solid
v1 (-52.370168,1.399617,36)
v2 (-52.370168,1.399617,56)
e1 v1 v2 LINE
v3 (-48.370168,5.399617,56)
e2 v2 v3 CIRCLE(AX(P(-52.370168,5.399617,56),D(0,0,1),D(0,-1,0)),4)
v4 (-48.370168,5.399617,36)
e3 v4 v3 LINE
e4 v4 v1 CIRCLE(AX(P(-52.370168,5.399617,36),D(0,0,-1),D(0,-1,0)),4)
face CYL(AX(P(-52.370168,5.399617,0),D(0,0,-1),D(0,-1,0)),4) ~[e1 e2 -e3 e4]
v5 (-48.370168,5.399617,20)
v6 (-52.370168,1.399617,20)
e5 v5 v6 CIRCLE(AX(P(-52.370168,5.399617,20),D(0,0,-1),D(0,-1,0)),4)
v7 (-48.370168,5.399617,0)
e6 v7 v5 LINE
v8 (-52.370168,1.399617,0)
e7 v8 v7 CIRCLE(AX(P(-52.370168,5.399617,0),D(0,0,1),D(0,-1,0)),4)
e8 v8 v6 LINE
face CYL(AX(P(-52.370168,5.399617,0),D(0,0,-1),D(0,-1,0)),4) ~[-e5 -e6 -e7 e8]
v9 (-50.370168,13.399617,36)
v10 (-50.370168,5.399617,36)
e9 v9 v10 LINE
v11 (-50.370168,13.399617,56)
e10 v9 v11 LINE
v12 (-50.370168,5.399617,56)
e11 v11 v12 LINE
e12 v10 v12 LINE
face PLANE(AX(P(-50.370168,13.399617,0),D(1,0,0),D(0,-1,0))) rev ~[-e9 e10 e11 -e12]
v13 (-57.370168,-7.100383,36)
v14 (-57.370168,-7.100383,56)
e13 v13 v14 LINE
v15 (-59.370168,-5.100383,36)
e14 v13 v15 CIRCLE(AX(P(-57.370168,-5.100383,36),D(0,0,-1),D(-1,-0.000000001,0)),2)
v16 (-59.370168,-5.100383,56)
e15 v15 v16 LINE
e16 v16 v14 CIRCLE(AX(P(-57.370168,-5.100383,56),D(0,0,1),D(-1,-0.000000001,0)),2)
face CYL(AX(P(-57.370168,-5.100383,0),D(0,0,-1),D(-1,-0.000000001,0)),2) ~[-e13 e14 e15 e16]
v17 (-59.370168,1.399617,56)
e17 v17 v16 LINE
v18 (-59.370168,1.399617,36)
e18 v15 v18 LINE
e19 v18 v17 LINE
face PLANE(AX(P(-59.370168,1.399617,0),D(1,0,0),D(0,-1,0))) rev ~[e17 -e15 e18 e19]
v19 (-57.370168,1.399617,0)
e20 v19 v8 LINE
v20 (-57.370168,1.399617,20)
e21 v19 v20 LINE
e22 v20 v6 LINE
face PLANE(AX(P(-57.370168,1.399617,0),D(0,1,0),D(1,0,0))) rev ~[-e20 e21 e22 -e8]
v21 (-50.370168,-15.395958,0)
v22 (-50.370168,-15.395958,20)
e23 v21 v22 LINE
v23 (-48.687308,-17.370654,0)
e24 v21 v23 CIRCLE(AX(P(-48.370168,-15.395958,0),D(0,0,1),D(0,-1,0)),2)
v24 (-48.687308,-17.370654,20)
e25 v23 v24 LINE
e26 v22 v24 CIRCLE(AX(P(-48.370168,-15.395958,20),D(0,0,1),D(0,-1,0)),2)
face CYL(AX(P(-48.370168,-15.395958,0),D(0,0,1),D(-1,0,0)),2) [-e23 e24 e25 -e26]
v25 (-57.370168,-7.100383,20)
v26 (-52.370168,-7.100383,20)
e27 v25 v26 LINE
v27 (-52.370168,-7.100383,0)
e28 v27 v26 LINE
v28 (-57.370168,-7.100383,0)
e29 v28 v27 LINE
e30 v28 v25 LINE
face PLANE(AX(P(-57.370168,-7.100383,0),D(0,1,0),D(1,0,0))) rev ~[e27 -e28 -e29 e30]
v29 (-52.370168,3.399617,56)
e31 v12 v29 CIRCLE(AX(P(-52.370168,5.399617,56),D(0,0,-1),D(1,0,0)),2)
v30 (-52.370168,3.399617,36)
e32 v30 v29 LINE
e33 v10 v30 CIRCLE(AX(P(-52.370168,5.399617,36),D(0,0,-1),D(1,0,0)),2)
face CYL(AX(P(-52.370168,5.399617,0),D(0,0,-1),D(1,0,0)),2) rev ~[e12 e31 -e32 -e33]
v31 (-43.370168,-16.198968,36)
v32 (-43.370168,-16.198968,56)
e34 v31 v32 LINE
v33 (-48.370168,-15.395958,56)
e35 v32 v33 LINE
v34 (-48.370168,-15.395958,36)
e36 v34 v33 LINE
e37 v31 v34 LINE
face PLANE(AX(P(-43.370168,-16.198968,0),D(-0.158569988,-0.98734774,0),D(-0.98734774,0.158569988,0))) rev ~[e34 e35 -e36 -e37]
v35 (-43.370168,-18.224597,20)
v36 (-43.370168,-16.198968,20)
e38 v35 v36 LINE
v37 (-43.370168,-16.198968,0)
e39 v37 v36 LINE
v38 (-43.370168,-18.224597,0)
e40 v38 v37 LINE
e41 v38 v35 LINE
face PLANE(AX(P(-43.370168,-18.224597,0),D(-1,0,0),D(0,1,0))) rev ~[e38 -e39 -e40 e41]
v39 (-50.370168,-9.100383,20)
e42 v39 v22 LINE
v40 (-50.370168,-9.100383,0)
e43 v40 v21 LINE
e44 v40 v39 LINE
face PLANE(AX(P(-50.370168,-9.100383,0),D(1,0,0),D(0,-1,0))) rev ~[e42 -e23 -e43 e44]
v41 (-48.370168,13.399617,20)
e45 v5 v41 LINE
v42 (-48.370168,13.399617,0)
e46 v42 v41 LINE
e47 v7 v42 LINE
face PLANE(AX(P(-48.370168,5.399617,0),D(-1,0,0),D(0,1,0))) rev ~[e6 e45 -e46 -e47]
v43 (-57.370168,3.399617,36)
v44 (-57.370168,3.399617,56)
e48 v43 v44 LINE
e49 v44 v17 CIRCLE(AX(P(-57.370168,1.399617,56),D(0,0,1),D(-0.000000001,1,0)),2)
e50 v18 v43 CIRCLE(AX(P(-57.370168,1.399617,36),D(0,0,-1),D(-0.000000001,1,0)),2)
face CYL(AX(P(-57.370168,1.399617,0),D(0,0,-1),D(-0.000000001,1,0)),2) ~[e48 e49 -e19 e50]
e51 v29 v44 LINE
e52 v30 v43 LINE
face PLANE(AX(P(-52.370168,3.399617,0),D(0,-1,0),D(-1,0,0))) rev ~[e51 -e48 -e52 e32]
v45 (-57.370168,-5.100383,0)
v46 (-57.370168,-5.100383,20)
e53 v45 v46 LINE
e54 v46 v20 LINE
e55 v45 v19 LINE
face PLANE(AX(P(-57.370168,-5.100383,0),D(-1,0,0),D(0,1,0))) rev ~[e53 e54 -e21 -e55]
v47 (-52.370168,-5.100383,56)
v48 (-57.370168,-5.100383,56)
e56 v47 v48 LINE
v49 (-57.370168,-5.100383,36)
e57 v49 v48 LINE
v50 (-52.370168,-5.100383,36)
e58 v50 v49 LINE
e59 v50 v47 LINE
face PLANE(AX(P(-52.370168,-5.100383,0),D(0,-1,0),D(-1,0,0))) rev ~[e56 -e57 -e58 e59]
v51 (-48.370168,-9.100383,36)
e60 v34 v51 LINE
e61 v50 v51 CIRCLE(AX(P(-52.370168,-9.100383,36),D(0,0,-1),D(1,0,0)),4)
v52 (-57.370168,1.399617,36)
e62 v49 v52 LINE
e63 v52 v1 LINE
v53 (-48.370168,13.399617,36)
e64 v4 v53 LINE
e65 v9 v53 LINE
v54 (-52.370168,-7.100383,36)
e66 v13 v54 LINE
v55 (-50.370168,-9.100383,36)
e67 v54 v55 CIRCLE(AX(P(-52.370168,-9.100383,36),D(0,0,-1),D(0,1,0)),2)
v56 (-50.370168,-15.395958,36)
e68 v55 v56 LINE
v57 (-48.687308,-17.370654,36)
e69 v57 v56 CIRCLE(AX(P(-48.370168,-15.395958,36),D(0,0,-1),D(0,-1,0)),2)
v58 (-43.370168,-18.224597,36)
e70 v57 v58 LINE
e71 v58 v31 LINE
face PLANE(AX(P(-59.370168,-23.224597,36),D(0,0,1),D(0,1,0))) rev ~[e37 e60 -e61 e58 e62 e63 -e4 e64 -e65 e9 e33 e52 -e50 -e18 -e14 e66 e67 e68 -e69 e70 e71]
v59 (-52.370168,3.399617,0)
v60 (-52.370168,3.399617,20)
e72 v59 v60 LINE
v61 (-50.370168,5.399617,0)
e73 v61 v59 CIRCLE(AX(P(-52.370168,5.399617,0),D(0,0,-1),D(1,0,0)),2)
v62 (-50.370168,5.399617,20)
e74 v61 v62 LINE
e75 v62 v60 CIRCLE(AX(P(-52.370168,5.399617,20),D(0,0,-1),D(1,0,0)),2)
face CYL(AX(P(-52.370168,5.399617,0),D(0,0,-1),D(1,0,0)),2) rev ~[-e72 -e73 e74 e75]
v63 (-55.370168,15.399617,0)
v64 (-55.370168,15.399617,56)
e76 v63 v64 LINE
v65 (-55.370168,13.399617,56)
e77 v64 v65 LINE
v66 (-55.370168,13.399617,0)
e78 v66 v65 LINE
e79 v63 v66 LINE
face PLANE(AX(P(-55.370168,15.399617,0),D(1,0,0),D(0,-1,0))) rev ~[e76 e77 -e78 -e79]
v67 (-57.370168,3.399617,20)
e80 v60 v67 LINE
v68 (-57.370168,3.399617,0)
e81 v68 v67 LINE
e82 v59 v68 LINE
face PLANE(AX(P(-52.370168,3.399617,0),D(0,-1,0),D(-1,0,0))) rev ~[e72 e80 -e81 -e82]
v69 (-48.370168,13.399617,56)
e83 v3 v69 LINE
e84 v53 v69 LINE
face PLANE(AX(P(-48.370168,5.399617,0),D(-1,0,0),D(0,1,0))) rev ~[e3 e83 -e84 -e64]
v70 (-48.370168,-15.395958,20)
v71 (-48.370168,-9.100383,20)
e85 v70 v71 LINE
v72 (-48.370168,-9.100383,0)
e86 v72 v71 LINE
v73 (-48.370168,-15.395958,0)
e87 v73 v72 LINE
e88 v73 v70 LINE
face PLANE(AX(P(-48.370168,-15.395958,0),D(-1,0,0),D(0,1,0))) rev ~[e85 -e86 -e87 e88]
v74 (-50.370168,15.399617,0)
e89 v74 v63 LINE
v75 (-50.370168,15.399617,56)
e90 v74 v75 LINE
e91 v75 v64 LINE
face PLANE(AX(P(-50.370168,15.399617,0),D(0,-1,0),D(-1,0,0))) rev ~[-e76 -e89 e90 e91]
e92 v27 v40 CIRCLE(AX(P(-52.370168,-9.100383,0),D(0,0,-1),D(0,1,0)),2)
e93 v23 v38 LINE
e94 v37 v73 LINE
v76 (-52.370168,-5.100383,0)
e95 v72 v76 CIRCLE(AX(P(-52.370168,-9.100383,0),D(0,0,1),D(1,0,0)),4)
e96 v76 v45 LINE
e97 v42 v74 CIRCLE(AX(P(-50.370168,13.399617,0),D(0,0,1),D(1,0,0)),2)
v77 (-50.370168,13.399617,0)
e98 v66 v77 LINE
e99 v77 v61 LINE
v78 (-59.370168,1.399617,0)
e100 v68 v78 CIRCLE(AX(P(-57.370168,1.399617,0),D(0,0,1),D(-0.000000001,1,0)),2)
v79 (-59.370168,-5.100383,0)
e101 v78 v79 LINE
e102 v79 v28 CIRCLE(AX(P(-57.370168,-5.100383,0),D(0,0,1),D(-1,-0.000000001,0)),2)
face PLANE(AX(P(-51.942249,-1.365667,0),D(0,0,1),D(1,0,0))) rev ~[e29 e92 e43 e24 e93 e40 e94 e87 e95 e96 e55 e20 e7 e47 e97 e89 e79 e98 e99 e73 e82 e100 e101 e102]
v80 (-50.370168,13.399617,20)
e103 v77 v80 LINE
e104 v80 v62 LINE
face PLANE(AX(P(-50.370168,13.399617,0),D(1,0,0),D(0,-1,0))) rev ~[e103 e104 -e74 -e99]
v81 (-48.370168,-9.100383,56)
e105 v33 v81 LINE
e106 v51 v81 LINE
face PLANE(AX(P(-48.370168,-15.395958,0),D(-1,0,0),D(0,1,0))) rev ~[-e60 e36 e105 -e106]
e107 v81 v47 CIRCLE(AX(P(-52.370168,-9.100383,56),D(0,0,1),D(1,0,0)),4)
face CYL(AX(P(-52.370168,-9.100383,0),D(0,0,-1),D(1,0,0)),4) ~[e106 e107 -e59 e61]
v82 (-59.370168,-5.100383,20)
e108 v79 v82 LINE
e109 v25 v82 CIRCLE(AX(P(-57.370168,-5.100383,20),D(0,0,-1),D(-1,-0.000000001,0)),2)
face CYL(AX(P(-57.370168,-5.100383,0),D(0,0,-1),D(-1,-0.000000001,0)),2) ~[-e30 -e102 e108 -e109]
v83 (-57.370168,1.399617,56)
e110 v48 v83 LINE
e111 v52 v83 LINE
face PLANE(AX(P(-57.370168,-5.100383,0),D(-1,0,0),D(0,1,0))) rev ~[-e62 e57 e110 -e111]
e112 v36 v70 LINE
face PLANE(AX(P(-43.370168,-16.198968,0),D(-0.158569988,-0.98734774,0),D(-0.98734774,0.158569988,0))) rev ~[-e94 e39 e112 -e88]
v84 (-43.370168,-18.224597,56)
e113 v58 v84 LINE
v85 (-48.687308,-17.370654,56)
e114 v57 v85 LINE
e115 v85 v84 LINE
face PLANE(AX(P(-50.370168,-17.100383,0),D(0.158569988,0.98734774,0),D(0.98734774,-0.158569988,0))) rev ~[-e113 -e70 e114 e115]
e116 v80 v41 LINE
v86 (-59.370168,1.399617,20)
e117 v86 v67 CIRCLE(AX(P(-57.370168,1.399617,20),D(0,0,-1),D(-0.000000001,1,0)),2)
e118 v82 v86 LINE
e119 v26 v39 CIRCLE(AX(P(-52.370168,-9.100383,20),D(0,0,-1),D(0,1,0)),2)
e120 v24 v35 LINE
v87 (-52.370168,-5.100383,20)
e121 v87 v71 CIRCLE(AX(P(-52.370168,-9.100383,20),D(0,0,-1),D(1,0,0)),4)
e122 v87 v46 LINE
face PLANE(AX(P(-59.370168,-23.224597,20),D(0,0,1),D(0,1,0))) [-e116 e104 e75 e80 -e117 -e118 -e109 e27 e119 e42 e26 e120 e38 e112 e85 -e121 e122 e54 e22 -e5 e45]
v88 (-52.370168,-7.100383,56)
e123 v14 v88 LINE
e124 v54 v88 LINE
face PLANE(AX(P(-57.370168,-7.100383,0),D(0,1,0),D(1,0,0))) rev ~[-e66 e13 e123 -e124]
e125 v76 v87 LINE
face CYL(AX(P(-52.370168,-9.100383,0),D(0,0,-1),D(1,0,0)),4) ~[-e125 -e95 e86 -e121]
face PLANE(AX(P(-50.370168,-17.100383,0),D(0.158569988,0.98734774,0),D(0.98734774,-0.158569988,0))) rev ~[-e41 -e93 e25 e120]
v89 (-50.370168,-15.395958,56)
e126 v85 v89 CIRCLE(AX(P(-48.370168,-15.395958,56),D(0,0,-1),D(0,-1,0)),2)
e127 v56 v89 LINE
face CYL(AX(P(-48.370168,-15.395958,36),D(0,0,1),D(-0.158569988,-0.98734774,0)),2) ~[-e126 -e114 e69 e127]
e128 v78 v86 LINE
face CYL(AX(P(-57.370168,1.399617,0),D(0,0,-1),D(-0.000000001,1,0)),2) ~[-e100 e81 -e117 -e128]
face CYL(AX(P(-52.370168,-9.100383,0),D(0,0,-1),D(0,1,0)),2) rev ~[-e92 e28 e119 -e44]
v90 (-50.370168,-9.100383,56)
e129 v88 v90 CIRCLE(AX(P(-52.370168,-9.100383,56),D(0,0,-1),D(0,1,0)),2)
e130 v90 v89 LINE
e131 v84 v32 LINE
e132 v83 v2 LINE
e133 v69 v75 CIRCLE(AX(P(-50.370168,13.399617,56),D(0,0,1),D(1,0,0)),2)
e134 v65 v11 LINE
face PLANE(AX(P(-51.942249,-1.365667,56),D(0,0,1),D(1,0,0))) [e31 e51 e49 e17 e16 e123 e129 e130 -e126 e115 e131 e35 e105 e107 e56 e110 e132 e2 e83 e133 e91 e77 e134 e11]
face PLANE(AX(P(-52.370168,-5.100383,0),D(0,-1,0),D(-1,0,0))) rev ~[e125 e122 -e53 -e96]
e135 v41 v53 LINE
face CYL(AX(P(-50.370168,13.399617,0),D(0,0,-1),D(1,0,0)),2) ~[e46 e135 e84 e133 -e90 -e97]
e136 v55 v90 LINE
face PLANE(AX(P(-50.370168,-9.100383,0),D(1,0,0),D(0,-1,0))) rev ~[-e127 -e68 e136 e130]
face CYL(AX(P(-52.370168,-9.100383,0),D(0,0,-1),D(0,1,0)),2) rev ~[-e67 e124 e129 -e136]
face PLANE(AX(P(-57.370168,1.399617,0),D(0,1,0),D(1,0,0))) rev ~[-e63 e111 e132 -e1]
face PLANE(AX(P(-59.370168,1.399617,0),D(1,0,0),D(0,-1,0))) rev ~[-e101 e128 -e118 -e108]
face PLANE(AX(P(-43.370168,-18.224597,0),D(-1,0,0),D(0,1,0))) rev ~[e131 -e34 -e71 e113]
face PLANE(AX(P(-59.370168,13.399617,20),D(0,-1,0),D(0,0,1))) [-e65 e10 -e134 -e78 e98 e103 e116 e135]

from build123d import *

# Parameters (mm, degrees)
BOSS_EXTRUDE1_DEPTH = 56
SKETCH3_W           = 16
SKETCH3_H           = 36.624213763
CUT_EXTRUDE1_DEPTH  = 62.025698964
FILLET1_R           = 2


with BuildPart() as part:
    # Sketch2 → Boss-Extrude1 (new body)
    with BuildSketch(Plane.XY):
        with BuildLine():
            Line((-50.370168415, 15.39961681), (-55.370168415, 15.39961681))
            Line((-55.370168415, 15.39961681), (-55.370168415, 13.39961681))
            Line((-55.370168415, 13.39961681), (-50.370168415, 13.39961681))
            Line((-50.370168415, 13.39961681), (-50.370168415, 5.39961681))
            ThreePointArc((-50.370168415, 5.39961681), (-50.955954852, 3.985403248), (-52.370168415, 3.39961681))
            Line((-52.370168415, 3.39961681), (-57.370168415, 3.39961681))
            ThreePointArc((-57.370168415, 3.39961681), (-58.784381977, 2.813830372), (-59.370168415, 1.39961681))
            Line((-59.370168415, 1.39961681), (-59.370168415, -5.10038319))
            ThreePointArc((-59.370168415, -5.10038319), (-58.784381977, -6.514596752), (-57.370168415, -7.10038319))
            Line((-57.370168415, -7.10038319), (-52.370168415, -7.10038319))
            ThreePointArc((-52.370168415, -7.10038319), (-50.955954852, -7.686169628), (-50.370168415, -9.10038319))
            Line((-50.370168415, -9.10038319), (-50.370168415, -17.10038319))
            Line((-50.370168415, -17.10038319), (-43.370168415, -18.224596953))
            Line((-43.370168415, -18.224596953), (-43.370168415, -16.19896817))
            Line((-43.370168415, -16.19896817), (-48.370168415, -15.395958339))
            Line((-48.370168415, -15.395958339), (-48.370168415, -9.10038319))
            ThreePointArc((-48.370168415, -9.10038319), (-49.54174129, -6.271956065), (-52.370168415, -5.10038319))
            Line((-52.370168415, -5.10038319), (-57.370168415, -5.10038319))
            Line((-57.370168415, -5.10038319), (-57.370168415, 1.39961681))
            Line((-57.370168415, 1.39961681), (-52.370168415, 1.39961681))
            ThreePointArc((-52.370168415, 1.39961681), (-49.54174129, 2.571189685), (-48.370168415, 5.39961681))
            Line((-48.370168415, 5.39961681), (-48.370168415, 13.39961681))
            ThreePointArc((-48.370168415, 13.39961681), (-48.955954852, 14.813830372), (-50.370168415, 15.39961681))
        make_face()
    extrude(amount=BOSS_EXTRUDE1_DEPTH)

    # Sketch3 → Cut-Extrude1 (cut, through all)
    with BuildSketch(Plane.ZY.offset(59.370168415)):
        with Locations((28, -4.912490072)):
            Rectangle(SKETCH3_W, SKETCH3_H)
    extrude(amount=-CUT_EXTRUDE1_DEPTH, mode=Mode.SUBTRACT)

    # Fillet1
    fillet1_edges = [part.edges().sort_by_distance(p)[0] for p in [
        (-50.370168415, -17.10038319, 46),
        (-50.370168415, -17.10038319, 10),
    ]]
    fillet(fillet1_edges, radius=FILLET1_R)


solid = part.part
